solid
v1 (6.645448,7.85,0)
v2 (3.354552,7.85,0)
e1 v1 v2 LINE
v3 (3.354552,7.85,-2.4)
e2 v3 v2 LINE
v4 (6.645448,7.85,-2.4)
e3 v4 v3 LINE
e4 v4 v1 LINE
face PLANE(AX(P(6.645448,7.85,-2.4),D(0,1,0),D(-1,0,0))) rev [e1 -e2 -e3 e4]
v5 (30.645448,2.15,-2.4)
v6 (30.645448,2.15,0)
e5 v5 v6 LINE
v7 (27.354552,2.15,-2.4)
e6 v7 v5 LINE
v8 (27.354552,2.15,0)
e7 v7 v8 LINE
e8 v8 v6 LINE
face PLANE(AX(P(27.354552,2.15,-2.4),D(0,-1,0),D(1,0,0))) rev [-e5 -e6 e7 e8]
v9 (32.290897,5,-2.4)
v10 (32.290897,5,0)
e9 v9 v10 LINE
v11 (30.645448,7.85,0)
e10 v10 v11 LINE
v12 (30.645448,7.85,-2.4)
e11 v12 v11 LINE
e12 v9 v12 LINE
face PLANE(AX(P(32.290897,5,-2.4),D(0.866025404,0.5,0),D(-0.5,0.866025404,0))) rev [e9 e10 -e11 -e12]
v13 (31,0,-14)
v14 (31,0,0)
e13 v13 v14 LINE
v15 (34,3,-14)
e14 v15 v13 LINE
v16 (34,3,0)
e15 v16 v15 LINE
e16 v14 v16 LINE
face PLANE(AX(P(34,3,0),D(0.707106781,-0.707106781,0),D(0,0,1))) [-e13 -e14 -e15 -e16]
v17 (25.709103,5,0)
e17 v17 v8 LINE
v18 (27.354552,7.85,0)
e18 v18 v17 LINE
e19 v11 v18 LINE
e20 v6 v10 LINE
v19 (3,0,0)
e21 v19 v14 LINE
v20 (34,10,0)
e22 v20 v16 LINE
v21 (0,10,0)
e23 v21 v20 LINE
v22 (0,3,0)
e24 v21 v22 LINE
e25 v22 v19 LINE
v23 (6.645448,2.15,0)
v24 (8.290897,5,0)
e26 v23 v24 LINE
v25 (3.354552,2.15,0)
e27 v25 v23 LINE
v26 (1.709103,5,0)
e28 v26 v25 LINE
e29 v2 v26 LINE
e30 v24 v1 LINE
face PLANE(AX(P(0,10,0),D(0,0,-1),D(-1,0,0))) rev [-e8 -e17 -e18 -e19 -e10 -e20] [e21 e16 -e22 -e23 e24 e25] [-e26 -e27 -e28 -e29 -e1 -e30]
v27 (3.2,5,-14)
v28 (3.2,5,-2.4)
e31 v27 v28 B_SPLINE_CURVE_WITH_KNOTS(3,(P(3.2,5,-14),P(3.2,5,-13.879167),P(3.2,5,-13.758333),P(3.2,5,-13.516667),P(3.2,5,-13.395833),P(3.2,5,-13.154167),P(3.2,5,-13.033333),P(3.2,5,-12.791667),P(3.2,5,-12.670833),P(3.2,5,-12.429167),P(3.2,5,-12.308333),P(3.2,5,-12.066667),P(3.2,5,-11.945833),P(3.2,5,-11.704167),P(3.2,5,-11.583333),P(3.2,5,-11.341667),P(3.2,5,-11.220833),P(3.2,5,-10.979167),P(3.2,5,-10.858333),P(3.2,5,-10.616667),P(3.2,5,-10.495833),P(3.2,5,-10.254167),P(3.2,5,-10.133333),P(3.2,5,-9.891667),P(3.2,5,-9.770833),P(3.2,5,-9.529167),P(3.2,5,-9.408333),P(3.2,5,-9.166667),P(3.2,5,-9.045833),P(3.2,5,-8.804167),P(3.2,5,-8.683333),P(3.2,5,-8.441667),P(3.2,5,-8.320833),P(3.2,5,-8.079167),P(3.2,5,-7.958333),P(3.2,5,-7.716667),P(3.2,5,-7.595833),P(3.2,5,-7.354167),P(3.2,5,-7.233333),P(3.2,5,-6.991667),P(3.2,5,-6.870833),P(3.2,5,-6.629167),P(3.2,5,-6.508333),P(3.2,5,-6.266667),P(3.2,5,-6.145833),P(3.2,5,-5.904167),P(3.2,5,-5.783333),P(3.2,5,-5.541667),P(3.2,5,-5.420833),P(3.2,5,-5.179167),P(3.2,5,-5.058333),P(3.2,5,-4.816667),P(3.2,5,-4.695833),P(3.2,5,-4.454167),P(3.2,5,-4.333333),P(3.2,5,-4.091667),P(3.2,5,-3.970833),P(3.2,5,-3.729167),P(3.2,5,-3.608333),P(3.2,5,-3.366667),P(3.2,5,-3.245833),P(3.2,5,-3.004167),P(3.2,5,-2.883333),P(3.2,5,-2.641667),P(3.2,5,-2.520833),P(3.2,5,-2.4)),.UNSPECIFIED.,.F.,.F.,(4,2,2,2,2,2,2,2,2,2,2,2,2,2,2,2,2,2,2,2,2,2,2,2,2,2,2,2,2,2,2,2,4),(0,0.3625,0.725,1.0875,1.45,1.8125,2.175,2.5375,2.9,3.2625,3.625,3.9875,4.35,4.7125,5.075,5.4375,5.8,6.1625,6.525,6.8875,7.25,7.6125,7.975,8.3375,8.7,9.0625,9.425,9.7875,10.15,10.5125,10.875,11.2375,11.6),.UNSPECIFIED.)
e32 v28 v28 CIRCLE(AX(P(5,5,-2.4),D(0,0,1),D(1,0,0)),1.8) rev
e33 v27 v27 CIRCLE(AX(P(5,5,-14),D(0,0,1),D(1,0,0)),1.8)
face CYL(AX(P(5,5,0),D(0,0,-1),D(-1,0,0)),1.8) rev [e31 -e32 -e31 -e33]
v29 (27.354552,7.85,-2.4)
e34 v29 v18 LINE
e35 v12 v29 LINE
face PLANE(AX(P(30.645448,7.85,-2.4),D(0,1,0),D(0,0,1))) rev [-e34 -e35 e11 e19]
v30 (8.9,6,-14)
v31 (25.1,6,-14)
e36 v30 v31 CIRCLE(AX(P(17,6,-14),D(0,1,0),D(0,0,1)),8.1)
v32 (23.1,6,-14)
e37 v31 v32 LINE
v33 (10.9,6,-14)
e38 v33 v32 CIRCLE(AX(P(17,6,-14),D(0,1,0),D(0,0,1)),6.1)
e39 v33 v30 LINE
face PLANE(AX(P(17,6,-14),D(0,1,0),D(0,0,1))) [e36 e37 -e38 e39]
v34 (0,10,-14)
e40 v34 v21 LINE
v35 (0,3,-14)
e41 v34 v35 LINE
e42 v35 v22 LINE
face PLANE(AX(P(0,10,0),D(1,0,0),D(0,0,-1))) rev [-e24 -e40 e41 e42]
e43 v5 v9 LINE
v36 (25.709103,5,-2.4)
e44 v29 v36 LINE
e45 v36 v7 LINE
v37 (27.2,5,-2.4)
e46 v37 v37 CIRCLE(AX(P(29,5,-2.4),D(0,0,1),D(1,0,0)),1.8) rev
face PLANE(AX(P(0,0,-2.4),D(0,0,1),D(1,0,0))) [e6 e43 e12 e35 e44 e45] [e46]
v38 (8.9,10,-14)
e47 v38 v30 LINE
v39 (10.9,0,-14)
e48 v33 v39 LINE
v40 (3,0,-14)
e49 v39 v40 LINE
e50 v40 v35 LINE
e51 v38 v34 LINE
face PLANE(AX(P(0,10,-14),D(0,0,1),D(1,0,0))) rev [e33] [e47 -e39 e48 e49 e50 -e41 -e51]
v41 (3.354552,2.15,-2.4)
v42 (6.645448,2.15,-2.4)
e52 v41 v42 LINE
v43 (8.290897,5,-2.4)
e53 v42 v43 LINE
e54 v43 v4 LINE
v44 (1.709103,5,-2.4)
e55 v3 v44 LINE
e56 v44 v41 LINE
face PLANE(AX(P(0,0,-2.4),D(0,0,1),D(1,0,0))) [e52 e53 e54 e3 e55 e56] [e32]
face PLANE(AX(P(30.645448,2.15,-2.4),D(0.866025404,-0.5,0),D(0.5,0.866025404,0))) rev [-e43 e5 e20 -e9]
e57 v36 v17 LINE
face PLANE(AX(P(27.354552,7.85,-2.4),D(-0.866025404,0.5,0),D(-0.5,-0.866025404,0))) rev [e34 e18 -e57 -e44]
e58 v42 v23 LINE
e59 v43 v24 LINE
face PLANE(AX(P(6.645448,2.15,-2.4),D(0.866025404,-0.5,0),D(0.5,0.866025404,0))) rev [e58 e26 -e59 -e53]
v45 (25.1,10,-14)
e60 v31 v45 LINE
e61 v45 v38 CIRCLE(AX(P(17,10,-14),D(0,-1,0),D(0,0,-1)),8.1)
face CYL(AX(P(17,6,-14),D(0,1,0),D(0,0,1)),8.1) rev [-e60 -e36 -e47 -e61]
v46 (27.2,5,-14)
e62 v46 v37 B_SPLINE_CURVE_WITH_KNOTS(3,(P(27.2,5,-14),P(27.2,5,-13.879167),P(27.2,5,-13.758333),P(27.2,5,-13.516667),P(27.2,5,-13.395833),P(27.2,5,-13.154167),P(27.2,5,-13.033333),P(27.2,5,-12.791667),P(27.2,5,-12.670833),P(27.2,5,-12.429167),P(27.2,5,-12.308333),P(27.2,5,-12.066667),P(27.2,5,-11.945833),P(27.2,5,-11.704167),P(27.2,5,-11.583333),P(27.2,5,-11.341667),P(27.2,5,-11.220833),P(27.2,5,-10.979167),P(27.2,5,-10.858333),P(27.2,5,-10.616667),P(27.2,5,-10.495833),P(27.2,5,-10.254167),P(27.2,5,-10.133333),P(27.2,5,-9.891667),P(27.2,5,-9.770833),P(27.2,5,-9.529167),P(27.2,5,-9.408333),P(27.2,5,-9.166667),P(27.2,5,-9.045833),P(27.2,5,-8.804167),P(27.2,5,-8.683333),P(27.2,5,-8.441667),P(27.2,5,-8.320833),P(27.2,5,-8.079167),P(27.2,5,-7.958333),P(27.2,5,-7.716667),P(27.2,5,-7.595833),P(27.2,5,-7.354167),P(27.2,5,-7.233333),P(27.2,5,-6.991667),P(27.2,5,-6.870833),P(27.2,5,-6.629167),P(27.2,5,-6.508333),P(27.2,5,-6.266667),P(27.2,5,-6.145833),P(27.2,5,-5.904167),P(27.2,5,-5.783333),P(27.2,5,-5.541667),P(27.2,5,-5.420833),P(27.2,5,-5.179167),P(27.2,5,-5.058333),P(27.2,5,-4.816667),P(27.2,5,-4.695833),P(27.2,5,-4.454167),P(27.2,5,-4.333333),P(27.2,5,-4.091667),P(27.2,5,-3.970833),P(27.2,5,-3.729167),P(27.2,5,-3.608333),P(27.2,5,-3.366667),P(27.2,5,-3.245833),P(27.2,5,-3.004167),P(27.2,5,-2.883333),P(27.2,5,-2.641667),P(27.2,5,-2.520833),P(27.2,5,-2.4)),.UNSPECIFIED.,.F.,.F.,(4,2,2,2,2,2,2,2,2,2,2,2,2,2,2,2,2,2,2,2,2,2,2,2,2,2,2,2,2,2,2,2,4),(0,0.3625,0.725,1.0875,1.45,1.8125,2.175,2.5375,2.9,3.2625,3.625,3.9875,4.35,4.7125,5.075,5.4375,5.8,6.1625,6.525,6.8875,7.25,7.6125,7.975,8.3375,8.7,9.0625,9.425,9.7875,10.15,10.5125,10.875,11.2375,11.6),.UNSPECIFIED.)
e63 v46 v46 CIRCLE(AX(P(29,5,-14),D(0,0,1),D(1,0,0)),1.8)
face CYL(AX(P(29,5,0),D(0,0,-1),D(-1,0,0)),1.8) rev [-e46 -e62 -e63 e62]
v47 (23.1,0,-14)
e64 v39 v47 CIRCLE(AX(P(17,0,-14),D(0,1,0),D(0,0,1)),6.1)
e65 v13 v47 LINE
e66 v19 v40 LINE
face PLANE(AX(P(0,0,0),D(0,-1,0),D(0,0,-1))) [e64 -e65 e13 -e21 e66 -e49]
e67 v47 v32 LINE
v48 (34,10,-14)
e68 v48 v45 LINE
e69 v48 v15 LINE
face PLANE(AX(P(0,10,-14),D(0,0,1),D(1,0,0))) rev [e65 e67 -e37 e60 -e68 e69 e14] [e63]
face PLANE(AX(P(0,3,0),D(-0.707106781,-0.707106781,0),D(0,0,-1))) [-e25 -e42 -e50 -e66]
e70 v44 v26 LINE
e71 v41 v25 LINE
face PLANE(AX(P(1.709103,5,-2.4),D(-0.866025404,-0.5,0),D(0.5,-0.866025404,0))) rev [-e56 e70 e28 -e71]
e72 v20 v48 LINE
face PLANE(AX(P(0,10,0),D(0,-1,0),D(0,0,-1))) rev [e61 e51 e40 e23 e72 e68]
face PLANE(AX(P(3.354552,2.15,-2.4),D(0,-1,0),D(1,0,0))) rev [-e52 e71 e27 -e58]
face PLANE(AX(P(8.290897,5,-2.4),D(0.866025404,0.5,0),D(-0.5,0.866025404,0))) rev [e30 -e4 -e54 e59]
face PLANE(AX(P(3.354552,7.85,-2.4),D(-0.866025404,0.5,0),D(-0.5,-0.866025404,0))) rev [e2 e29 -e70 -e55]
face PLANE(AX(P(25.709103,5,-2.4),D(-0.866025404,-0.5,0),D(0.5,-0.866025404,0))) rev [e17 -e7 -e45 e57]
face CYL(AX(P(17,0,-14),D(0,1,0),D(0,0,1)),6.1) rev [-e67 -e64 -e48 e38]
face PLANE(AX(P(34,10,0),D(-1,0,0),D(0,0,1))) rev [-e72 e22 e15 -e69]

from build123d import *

# Parameters (mm, degrees)
SKETCH1_W               = 34
SKETCH1_H               = 14
BOSS_EXTRUDE1_DEPTH     = 10
SKETCH2_R               = 8.1
CUT_EXTRUDE1_DEPTH      = 4
CUT_EXTRUDE2_DEPTH      = 39.105117767
CUT_EXTRUDE2_DEPTH_BACK = 39.105117767
SKETCH4_R               = 6.1
CUT_EXTRUDE3_DEPTH      = 39.105117767
CUT_EXTRUDE3_DEPTH_BACK = 39.105117767
SKETCH5_R               = 1.8
CUT_EXTRUDE4_DEPTH      = 2.4
CHAMFER1_SIZE           = 3


with BuildPart() as part:
    # Sketch1 → Boss-Extrude1 (new body)
    with BuildSketch(Plane(origin=(0, 0, 0), x_dir=(1, 0, 0), z_dir=(0, 1, 0))):
        with Locations((17, 7)):
            Rectangle(SKETCH1_W, SKETCH1_H)
    extrude(amount=BOSS_EXTRUDE1_DEPTH)

    # Sketch2 → Cut-Extrude1 (cut)
    with BuildSketch(Plane(origin=(0, 10, 0), x_dir=(1, 0, 0), z_dir=(0, 1, 0))):
        with Locations((17, 14)):
            Circle(SKETCH2_R)
    extrude(amount=-CUT_EXTRUDE1_DEPTH, mode=Mode.SUBTRACT)

    # Sketch4 → Cut-Extrude2 (cut, two sides: drawn at the far end of the back side and taken through both)
    with BuildSketch(Plane(origin=(0, 10, 0), x_dir=(1, 0, 0), z_dir=(0, 1, 0)).offset(-CUT_EXTRUDE2_DEPTH_BACK)):
        with Locations((17, 14)):
            Circle(SKETCH4_R)
    extrude(amount=CUT_EXTRUDE2_DEPTH + CUT_EXTRUDE2_DEPTH_BACK, mode=Mode.SUBTRACT)

    # Sketch5 → Cut-Extrude3 (cut, two sides: drawn at the far end of the back side and taken through both)
    with BuildSketch(Plane(origin=(0, 0, -14), x_dir=(-1, 0, 0), z_dir=(0, 0, -1)).offset(-CUT_EXTRUDE3_DEPTH_BACK)):
        with Locations((-29, 5)):
            Circle(SKETCH5_R)
        with Locations((-5, 5)):
            Circle(SKETCH5_R)
    extrude(amount=CUT_EXTRUDE3_DEPTH + CUT_EXTRUDE3_DEPTH_BACK, mode=Mode.SUBTRACT)

    # Sketch6 → Cut-Extrude4 (cut)
    with BuildSketch(Plane.XY):
        Polygon((8.290896534, 5), (6.645448267, 7.85), (3.354551733, 7.85), (1.709103466, 5), (3.354551733, 2.15), (6.645448267, 2.15), align=None)
        Polygon((25.709103466, 5), (27.354551733, 2.15), (30.645448267, 2.15), (32.290896534, 5), (30.645448267, 7.85), (27.354551733, 7.85), align=None)
    extrude(amount=-CUT_EXTRUDE4_DEPTH, mode=Mode.SUBTRACT)

    # Chamfer1
    chamfer1_edges = [part.edges().sort_by_distance(p)[0] for p in [
        (34, 0, -7),
        (0, 0, -7),
    ]]
    chamfer(chamfer1_edges, length=CHAMFER1_SIZE)


solid = part.part
